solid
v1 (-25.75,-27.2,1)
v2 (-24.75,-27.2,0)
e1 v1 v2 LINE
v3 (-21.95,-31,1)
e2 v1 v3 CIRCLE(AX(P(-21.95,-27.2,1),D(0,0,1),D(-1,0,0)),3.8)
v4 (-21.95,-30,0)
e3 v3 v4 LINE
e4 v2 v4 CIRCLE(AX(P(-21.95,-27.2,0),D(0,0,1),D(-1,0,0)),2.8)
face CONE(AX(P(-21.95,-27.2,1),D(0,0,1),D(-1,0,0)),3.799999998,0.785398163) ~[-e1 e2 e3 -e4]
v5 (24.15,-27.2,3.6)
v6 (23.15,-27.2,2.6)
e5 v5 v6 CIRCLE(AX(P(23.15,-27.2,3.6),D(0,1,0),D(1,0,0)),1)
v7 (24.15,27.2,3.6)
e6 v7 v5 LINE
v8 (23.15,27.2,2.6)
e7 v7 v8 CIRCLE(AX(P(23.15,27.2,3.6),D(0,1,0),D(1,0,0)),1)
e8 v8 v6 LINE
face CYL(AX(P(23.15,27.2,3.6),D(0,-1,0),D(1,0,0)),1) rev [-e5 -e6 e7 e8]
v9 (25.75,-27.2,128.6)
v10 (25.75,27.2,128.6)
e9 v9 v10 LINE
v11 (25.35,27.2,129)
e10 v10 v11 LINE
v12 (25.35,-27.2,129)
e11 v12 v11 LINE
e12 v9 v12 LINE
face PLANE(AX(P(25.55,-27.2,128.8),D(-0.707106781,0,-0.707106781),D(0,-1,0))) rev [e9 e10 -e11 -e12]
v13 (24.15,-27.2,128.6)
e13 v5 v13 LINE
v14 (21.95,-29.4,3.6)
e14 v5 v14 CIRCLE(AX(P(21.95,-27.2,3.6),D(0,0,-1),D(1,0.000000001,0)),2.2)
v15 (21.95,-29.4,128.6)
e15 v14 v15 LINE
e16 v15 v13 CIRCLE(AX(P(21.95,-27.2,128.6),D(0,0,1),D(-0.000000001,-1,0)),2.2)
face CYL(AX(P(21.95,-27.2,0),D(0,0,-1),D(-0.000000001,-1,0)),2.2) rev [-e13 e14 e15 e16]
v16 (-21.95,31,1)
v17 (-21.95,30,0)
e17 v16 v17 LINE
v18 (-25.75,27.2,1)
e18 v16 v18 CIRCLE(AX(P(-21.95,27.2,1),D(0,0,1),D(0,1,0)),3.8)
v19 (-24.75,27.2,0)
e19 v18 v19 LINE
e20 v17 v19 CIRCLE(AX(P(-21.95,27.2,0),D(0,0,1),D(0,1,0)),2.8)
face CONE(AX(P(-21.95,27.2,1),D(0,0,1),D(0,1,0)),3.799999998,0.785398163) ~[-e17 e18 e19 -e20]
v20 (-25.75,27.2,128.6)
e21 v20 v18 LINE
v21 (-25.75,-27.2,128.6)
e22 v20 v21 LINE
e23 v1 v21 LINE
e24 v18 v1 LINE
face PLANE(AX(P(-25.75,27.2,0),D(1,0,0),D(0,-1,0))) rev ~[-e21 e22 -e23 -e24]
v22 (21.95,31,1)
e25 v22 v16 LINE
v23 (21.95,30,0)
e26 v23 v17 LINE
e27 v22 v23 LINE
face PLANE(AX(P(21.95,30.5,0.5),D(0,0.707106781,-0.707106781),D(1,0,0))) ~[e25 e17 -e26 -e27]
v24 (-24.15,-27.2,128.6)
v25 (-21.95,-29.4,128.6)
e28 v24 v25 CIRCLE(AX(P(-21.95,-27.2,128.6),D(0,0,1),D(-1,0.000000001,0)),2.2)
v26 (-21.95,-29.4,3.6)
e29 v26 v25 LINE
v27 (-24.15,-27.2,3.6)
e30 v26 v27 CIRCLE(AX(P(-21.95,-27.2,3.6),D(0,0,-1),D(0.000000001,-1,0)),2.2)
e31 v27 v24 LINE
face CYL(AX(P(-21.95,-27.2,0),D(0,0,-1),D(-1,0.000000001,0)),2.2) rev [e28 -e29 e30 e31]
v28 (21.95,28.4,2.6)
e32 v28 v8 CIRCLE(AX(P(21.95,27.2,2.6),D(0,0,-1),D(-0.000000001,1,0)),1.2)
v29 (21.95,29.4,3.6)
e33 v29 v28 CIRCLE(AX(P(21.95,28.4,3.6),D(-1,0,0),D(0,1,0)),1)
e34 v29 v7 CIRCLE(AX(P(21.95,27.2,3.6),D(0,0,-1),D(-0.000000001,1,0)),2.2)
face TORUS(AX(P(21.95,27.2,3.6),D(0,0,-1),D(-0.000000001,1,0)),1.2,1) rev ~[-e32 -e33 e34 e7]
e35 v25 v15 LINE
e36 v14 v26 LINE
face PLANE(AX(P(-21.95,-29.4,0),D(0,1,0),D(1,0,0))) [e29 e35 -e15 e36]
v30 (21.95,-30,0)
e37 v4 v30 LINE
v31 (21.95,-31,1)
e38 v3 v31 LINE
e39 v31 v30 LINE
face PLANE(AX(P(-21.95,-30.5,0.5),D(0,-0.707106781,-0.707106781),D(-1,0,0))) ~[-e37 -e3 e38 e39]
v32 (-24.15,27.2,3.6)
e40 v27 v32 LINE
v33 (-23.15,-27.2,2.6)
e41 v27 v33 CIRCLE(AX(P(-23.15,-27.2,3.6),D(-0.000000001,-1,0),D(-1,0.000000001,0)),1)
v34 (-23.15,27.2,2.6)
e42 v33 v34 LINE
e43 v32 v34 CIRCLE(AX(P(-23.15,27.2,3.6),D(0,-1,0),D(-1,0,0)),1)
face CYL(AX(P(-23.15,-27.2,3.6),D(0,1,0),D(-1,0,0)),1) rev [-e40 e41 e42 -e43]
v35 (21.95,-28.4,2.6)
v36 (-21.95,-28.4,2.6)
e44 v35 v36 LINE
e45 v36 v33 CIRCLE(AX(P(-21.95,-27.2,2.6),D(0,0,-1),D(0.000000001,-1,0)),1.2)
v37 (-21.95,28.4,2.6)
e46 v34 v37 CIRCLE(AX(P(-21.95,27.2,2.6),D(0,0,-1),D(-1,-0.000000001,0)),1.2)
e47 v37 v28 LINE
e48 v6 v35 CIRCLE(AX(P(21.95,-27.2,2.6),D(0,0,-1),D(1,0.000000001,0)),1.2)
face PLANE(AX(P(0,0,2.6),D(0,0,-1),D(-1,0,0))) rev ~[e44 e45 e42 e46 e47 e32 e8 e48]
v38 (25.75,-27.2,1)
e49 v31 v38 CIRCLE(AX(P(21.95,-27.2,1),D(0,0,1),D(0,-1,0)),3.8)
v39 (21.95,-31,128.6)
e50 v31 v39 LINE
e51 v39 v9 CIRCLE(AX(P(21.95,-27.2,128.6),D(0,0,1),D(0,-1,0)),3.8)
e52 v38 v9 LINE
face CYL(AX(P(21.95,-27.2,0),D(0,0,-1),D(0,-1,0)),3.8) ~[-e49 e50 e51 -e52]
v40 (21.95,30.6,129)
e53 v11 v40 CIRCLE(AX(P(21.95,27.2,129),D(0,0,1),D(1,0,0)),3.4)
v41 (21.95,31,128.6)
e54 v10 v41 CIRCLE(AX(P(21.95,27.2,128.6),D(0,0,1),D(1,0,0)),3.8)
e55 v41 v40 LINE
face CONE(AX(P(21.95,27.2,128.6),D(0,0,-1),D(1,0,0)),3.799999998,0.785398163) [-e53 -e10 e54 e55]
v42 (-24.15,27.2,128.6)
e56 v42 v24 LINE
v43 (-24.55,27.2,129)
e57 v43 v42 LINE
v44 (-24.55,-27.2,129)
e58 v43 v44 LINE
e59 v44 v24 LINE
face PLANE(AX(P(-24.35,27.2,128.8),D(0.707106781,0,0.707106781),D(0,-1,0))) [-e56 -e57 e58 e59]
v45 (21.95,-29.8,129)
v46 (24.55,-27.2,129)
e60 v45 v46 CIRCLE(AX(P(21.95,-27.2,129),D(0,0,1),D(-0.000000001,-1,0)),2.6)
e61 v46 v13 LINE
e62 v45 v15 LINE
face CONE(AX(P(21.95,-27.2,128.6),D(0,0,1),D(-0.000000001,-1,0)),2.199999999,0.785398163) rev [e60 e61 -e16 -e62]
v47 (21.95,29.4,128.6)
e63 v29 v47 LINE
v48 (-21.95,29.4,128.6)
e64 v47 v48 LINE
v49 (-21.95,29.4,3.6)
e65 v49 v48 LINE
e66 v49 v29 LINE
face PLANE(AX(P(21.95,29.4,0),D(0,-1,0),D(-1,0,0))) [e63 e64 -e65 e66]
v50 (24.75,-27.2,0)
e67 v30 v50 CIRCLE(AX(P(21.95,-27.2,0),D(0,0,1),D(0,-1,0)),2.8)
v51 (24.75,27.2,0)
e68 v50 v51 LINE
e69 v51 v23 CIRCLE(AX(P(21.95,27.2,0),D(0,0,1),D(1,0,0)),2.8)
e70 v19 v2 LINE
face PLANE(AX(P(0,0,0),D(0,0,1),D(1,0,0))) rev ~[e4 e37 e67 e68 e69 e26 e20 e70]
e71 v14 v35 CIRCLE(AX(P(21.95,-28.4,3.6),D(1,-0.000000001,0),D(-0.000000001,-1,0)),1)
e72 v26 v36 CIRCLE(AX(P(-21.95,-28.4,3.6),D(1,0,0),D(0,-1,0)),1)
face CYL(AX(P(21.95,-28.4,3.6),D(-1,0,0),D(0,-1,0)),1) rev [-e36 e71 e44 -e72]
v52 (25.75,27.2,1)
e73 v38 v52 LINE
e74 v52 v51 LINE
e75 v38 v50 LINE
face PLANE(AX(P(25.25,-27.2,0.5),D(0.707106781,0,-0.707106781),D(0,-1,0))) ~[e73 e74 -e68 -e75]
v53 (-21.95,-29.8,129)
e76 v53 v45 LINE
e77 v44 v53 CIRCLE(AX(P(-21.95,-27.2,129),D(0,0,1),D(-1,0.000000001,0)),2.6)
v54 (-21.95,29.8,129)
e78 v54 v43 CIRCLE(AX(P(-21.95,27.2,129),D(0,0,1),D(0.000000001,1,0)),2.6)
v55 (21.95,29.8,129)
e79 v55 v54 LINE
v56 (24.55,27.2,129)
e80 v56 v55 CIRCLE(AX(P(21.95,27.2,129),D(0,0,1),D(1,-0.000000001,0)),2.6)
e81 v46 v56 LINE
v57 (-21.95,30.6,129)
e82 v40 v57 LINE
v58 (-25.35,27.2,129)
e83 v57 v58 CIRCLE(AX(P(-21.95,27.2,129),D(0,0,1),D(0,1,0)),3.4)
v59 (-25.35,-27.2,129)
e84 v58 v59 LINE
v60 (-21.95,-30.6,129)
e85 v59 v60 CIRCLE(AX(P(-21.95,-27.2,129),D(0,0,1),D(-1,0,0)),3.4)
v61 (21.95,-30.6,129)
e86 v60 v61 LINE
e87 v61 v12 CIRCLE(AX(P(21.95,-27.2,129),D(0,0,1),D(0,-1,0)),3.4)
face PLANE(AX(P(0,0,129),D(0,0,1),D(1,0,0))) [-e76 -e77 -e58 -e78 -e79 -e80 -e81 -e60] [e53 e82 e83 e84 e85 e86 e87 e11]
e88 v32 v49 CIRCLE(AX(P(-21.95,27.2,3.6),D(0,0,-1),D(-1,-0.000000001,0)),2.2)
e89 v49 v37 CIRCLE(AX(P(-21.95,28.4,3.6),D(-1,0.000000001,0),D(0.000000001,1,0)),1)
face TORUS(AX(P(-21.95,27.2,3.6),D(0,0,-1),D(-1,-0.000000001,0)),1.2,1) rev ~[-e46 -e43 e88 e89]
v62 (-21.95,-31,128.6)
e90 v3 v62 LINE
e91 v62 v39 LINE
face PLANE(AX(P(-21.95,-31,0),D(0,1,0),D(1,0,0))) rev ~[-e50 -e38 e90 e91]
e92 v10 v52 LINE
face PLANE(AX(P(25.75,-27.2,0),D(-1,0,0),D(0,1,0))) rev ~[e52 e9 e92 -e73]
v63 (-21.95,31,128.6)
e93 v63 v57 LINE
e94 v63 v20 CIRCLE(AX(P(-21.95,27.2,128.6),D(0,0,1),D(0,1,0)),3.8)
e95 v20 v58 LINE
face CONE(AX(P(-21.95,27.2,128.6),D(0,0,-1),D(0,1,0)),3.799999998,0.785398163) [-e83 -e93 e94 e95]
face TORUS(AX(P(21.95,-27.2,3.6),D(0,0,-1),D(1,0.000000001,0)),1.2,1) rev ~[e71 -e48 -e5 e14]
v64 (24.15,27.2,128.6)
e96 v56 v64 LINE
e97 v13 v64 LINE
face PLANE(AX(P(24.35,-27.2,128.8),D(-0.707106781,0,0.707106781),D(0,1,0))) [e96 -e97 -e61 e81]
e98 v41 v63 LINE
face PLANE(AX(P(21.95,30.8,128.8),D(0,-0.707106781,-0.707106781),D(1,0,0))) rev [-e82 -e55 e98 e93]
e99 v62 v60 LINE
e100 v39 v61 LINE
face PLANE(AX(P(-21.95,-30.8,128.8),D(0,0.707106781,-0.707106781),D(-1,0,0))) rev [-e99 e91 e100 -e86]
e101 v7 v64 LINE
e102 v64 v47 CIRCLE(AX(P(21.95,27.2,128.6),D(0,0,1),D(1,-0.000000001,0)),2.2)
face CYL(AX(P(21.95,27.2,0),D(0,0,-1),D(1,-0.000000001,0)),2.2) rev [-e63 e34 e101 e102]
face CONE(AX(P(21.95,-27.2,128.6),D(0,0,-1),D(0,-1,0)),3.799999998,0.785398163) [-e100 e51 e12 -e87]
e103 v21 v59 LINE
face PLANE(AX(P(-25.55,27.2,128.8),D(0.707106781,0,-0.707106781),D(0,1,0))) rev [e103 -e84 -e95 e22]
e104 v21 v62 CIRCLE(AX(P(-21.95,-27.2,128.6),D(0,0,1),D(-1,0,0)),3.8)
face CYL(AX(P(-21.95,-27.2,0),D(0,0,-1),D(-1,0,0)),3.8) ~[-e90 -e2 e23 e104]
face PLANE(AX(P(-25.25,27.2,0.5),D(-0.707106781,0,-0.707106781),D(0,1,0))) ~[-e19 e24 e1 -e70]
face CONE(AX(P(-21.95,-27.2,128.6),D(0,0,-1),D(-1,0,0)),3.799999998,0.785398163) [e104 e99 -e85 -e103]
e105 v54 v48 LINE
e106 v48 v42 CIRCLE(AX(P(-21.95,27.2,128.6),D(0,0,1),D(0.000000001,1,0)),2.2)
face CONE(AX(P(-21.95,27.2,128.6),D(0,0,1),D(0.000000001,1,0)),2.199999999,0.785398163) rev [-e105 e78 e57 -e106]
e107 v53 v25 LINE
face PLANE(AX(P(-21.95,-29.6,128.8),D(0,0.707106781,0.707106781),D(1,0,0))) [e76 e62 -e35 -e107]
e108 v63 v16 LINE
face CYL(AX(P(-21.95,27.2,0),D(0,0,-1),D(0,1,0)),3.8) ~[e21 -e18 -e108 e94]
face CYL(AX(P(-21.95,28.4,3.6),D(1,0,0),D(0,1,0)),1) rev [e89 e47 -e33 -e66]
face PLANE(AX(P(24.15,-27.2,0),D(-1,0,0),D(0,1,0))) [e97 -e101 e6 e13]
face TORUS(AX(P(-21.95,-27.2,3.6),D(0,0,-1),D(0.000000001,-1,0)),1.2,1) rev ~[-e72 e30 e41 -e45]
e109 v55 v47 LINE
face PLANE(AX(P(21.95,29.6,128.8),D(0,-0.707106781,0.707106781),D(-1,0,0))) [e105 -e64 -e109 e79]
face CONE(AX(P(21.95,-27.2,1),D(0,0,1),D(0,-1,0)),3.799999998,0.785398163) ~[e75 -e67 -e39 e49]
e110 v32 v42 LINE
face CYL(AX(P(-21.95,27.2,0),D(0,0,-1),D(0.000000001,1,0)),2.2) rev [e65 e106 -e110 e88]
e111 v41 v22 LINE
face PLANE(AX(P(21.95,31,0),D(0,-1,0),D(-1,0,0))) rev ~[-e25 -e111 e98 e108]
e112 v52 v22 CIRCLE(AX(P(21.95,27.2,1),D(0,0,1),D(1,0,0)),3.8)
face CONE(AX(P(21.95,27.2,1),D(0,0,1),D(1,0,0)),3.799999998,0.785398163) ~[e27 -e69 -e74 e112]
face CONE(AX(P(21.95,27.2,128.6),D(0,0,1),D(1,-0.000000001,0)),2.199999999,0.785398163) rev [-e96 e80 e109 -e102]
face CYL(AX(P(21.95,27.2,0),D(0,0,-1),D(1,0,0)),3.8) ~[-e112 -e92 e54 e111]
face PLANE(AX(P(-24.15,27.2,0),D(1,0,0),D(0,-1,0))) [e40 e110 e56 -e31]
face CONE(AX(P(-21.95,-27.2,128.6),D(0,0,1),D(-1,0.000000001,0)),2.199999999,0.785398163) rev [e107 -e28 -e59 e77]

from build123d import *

# Parameters (mm, degrees)
WALLS_DEPTH            = 129
FLOOR_2_DEPTH          = 2.6
BOTTOM_CHAMFERS_SIZE   = 1
TOP_CHAMFERS_SIZE      = 0.4
INSIDE_BOTTOM_FILLET_R = 1


with BuildPart() as part:
    # Sketch1 → Walls (new body)
    with BuildSketch(Plane.XY):
        with BuildLine():
            Line((-25.75, 27.2), (-25.75, -27.2))
            ThreePointArc((-25.75, -27.2), (-24.637005769, -29.887005769), (-21.95, -31))
            Line((-21.95, -31), (21.95, -31))
            ThreePointArc((21.95, -31), (24.637005769, -29.887005769), (25.75, -27.2))
            Line((25.75, -27.2), (25.75, 27.2))
            ThreePointArc((25.75, 27.2), (24.637005769, 29.887005769), (21.95, 31))
            Line((21.95, 31), (-21.95, 31))
            ThreePointArc((-21.95, 31), (-24.637005769, 29.887005769), (-25.75, 27.2))
        make_face()
        with BuildLine():
            Line((-24.15, 27.2), (-24.15, -27.2))
            ThreePointArc((-24.15, -27.2), (-23.505634919, -28.755634919), (-21.95, -29.4))
            Line((-21.95, -29.4), (21.95, -29.4))
            ThreePointArc((21.95, -29.4), (23.505634919, -28.755634919), (24.15, -27.2))
            Line((24.15, -27.2), (24.15, 27.2))
            ThreePointArc((24.15, 27.2), (23.505634919, 28.755634919), (21.95, 29.4))
            Line((21.95, 29.4), (-21.95, 29.4))
            ThreePointArc((-21.95, 29.4), (-23.505634919, 28.755634919), (-24.15, 27.2))
        make_face(mode=Mode.SUBTRACT)
    extrude(amount=WALLS_DEPTH)

    # Sketch2 → Floor 2 (add)
    with BuildSketch(Plane(origin=(0, 0, 0), x_dir=(-1, 0, 0), z_dir=(0, 0, -1))):
        with BuildLine():
            Line((-25.75, 27.2), (-25.75, -27.2))
            ThreePointArc((-25.75, -27.2), (-24.637005769, -29.887005769), (-21.95, -31))
            Line((-21.95, -31), (21.95, -31))
            ThreePointArc((21.95, -31), (24.637005769, -29.887005769), (25.75, -27.2))
            Line((25.75, -27.2), (25.75, 27.2))
            ThreePointArc((25.75, 27.2), (24.637005769, 29.887005769), (21.95, 31))
            Line((21.95, 31), (-21.95, 31))
            ThreePointArc((-21.95, 31), (-24.637005769, 29.887005769), (-25.75, 27.2))
        make_face()
    extrude(amount=-FLOOR_2_DEPTH)

    # Bottom Chamfers
    bottom_chamfers_edges = [part.edges().sort_by_distance(p)[0] for p in [
        (25.75, 0, 0),
        (24.637005769, -29.887005769, 0),
        (0, -31, 0),
        (-24.637005769, -29.887005769, 0),
        (-25.75, 0, 0),
        (-24.637005769, 29.887005769, 0),
        (0, 31, 0),
        (24.637005769, 29.887005769, 0),
    ]]
    chamfer(bottom_chamfers_edges, length=BOTTOM_CHAMFERS_SIZE)

    # Top Chamfers
    top_chamfers_edges = [part.edges().sort_by_distance(p)[0] for p in [
        (-24.637005769, 29.887005769, 129),
        (-25.75, 0, 129),
        (-24.637005769, -29.887005769, 129),
        (0, -31, 129),
        (23.505634919, 28.755634919, 129),
        (0, 29.4, 129),
        (-23.505634919, 28.755634919, 129),
        (-24.15, 0, 129),
        (-23.505634919, -28.755634919, 129),
        (24.637005769, -29.887005769, 129),
        (0, -29.4, 129),
        (23.505634919, -28.755634919, 129),
        (24.15, 0, 129),
        (25.75, 0, 129),
        (24.637005769, 29.887005769, 129),
        (0, 31, 129),
    ]]
    chamfer(top_chamfers_edges, length=TOP_CHAMFERS_SIZE)

    # Inside Bottom Fillet
    inside_bottom_fillet_edges = [part.edges().sort_by_distance(p)[0] for p in [
        (24.15, 0, 2.6),
        (0, 29.4, 2.6),
        (23.505634919, 28.755634919, 2.6),
        (23.505634919, -28.755634919, 2.6),
        (0, -29.4, 2.6),
        (-23.505634919, -28.755634919, 2.6),
        (-24.15, 0, 2.6),
        (-23.505634919, 28.755634919, 2.6),
    ]]
    fillet(inside_bottom_fillet_edges, radius=INSIDE_BOTTOM_FILLET_R)


solid = part.part
